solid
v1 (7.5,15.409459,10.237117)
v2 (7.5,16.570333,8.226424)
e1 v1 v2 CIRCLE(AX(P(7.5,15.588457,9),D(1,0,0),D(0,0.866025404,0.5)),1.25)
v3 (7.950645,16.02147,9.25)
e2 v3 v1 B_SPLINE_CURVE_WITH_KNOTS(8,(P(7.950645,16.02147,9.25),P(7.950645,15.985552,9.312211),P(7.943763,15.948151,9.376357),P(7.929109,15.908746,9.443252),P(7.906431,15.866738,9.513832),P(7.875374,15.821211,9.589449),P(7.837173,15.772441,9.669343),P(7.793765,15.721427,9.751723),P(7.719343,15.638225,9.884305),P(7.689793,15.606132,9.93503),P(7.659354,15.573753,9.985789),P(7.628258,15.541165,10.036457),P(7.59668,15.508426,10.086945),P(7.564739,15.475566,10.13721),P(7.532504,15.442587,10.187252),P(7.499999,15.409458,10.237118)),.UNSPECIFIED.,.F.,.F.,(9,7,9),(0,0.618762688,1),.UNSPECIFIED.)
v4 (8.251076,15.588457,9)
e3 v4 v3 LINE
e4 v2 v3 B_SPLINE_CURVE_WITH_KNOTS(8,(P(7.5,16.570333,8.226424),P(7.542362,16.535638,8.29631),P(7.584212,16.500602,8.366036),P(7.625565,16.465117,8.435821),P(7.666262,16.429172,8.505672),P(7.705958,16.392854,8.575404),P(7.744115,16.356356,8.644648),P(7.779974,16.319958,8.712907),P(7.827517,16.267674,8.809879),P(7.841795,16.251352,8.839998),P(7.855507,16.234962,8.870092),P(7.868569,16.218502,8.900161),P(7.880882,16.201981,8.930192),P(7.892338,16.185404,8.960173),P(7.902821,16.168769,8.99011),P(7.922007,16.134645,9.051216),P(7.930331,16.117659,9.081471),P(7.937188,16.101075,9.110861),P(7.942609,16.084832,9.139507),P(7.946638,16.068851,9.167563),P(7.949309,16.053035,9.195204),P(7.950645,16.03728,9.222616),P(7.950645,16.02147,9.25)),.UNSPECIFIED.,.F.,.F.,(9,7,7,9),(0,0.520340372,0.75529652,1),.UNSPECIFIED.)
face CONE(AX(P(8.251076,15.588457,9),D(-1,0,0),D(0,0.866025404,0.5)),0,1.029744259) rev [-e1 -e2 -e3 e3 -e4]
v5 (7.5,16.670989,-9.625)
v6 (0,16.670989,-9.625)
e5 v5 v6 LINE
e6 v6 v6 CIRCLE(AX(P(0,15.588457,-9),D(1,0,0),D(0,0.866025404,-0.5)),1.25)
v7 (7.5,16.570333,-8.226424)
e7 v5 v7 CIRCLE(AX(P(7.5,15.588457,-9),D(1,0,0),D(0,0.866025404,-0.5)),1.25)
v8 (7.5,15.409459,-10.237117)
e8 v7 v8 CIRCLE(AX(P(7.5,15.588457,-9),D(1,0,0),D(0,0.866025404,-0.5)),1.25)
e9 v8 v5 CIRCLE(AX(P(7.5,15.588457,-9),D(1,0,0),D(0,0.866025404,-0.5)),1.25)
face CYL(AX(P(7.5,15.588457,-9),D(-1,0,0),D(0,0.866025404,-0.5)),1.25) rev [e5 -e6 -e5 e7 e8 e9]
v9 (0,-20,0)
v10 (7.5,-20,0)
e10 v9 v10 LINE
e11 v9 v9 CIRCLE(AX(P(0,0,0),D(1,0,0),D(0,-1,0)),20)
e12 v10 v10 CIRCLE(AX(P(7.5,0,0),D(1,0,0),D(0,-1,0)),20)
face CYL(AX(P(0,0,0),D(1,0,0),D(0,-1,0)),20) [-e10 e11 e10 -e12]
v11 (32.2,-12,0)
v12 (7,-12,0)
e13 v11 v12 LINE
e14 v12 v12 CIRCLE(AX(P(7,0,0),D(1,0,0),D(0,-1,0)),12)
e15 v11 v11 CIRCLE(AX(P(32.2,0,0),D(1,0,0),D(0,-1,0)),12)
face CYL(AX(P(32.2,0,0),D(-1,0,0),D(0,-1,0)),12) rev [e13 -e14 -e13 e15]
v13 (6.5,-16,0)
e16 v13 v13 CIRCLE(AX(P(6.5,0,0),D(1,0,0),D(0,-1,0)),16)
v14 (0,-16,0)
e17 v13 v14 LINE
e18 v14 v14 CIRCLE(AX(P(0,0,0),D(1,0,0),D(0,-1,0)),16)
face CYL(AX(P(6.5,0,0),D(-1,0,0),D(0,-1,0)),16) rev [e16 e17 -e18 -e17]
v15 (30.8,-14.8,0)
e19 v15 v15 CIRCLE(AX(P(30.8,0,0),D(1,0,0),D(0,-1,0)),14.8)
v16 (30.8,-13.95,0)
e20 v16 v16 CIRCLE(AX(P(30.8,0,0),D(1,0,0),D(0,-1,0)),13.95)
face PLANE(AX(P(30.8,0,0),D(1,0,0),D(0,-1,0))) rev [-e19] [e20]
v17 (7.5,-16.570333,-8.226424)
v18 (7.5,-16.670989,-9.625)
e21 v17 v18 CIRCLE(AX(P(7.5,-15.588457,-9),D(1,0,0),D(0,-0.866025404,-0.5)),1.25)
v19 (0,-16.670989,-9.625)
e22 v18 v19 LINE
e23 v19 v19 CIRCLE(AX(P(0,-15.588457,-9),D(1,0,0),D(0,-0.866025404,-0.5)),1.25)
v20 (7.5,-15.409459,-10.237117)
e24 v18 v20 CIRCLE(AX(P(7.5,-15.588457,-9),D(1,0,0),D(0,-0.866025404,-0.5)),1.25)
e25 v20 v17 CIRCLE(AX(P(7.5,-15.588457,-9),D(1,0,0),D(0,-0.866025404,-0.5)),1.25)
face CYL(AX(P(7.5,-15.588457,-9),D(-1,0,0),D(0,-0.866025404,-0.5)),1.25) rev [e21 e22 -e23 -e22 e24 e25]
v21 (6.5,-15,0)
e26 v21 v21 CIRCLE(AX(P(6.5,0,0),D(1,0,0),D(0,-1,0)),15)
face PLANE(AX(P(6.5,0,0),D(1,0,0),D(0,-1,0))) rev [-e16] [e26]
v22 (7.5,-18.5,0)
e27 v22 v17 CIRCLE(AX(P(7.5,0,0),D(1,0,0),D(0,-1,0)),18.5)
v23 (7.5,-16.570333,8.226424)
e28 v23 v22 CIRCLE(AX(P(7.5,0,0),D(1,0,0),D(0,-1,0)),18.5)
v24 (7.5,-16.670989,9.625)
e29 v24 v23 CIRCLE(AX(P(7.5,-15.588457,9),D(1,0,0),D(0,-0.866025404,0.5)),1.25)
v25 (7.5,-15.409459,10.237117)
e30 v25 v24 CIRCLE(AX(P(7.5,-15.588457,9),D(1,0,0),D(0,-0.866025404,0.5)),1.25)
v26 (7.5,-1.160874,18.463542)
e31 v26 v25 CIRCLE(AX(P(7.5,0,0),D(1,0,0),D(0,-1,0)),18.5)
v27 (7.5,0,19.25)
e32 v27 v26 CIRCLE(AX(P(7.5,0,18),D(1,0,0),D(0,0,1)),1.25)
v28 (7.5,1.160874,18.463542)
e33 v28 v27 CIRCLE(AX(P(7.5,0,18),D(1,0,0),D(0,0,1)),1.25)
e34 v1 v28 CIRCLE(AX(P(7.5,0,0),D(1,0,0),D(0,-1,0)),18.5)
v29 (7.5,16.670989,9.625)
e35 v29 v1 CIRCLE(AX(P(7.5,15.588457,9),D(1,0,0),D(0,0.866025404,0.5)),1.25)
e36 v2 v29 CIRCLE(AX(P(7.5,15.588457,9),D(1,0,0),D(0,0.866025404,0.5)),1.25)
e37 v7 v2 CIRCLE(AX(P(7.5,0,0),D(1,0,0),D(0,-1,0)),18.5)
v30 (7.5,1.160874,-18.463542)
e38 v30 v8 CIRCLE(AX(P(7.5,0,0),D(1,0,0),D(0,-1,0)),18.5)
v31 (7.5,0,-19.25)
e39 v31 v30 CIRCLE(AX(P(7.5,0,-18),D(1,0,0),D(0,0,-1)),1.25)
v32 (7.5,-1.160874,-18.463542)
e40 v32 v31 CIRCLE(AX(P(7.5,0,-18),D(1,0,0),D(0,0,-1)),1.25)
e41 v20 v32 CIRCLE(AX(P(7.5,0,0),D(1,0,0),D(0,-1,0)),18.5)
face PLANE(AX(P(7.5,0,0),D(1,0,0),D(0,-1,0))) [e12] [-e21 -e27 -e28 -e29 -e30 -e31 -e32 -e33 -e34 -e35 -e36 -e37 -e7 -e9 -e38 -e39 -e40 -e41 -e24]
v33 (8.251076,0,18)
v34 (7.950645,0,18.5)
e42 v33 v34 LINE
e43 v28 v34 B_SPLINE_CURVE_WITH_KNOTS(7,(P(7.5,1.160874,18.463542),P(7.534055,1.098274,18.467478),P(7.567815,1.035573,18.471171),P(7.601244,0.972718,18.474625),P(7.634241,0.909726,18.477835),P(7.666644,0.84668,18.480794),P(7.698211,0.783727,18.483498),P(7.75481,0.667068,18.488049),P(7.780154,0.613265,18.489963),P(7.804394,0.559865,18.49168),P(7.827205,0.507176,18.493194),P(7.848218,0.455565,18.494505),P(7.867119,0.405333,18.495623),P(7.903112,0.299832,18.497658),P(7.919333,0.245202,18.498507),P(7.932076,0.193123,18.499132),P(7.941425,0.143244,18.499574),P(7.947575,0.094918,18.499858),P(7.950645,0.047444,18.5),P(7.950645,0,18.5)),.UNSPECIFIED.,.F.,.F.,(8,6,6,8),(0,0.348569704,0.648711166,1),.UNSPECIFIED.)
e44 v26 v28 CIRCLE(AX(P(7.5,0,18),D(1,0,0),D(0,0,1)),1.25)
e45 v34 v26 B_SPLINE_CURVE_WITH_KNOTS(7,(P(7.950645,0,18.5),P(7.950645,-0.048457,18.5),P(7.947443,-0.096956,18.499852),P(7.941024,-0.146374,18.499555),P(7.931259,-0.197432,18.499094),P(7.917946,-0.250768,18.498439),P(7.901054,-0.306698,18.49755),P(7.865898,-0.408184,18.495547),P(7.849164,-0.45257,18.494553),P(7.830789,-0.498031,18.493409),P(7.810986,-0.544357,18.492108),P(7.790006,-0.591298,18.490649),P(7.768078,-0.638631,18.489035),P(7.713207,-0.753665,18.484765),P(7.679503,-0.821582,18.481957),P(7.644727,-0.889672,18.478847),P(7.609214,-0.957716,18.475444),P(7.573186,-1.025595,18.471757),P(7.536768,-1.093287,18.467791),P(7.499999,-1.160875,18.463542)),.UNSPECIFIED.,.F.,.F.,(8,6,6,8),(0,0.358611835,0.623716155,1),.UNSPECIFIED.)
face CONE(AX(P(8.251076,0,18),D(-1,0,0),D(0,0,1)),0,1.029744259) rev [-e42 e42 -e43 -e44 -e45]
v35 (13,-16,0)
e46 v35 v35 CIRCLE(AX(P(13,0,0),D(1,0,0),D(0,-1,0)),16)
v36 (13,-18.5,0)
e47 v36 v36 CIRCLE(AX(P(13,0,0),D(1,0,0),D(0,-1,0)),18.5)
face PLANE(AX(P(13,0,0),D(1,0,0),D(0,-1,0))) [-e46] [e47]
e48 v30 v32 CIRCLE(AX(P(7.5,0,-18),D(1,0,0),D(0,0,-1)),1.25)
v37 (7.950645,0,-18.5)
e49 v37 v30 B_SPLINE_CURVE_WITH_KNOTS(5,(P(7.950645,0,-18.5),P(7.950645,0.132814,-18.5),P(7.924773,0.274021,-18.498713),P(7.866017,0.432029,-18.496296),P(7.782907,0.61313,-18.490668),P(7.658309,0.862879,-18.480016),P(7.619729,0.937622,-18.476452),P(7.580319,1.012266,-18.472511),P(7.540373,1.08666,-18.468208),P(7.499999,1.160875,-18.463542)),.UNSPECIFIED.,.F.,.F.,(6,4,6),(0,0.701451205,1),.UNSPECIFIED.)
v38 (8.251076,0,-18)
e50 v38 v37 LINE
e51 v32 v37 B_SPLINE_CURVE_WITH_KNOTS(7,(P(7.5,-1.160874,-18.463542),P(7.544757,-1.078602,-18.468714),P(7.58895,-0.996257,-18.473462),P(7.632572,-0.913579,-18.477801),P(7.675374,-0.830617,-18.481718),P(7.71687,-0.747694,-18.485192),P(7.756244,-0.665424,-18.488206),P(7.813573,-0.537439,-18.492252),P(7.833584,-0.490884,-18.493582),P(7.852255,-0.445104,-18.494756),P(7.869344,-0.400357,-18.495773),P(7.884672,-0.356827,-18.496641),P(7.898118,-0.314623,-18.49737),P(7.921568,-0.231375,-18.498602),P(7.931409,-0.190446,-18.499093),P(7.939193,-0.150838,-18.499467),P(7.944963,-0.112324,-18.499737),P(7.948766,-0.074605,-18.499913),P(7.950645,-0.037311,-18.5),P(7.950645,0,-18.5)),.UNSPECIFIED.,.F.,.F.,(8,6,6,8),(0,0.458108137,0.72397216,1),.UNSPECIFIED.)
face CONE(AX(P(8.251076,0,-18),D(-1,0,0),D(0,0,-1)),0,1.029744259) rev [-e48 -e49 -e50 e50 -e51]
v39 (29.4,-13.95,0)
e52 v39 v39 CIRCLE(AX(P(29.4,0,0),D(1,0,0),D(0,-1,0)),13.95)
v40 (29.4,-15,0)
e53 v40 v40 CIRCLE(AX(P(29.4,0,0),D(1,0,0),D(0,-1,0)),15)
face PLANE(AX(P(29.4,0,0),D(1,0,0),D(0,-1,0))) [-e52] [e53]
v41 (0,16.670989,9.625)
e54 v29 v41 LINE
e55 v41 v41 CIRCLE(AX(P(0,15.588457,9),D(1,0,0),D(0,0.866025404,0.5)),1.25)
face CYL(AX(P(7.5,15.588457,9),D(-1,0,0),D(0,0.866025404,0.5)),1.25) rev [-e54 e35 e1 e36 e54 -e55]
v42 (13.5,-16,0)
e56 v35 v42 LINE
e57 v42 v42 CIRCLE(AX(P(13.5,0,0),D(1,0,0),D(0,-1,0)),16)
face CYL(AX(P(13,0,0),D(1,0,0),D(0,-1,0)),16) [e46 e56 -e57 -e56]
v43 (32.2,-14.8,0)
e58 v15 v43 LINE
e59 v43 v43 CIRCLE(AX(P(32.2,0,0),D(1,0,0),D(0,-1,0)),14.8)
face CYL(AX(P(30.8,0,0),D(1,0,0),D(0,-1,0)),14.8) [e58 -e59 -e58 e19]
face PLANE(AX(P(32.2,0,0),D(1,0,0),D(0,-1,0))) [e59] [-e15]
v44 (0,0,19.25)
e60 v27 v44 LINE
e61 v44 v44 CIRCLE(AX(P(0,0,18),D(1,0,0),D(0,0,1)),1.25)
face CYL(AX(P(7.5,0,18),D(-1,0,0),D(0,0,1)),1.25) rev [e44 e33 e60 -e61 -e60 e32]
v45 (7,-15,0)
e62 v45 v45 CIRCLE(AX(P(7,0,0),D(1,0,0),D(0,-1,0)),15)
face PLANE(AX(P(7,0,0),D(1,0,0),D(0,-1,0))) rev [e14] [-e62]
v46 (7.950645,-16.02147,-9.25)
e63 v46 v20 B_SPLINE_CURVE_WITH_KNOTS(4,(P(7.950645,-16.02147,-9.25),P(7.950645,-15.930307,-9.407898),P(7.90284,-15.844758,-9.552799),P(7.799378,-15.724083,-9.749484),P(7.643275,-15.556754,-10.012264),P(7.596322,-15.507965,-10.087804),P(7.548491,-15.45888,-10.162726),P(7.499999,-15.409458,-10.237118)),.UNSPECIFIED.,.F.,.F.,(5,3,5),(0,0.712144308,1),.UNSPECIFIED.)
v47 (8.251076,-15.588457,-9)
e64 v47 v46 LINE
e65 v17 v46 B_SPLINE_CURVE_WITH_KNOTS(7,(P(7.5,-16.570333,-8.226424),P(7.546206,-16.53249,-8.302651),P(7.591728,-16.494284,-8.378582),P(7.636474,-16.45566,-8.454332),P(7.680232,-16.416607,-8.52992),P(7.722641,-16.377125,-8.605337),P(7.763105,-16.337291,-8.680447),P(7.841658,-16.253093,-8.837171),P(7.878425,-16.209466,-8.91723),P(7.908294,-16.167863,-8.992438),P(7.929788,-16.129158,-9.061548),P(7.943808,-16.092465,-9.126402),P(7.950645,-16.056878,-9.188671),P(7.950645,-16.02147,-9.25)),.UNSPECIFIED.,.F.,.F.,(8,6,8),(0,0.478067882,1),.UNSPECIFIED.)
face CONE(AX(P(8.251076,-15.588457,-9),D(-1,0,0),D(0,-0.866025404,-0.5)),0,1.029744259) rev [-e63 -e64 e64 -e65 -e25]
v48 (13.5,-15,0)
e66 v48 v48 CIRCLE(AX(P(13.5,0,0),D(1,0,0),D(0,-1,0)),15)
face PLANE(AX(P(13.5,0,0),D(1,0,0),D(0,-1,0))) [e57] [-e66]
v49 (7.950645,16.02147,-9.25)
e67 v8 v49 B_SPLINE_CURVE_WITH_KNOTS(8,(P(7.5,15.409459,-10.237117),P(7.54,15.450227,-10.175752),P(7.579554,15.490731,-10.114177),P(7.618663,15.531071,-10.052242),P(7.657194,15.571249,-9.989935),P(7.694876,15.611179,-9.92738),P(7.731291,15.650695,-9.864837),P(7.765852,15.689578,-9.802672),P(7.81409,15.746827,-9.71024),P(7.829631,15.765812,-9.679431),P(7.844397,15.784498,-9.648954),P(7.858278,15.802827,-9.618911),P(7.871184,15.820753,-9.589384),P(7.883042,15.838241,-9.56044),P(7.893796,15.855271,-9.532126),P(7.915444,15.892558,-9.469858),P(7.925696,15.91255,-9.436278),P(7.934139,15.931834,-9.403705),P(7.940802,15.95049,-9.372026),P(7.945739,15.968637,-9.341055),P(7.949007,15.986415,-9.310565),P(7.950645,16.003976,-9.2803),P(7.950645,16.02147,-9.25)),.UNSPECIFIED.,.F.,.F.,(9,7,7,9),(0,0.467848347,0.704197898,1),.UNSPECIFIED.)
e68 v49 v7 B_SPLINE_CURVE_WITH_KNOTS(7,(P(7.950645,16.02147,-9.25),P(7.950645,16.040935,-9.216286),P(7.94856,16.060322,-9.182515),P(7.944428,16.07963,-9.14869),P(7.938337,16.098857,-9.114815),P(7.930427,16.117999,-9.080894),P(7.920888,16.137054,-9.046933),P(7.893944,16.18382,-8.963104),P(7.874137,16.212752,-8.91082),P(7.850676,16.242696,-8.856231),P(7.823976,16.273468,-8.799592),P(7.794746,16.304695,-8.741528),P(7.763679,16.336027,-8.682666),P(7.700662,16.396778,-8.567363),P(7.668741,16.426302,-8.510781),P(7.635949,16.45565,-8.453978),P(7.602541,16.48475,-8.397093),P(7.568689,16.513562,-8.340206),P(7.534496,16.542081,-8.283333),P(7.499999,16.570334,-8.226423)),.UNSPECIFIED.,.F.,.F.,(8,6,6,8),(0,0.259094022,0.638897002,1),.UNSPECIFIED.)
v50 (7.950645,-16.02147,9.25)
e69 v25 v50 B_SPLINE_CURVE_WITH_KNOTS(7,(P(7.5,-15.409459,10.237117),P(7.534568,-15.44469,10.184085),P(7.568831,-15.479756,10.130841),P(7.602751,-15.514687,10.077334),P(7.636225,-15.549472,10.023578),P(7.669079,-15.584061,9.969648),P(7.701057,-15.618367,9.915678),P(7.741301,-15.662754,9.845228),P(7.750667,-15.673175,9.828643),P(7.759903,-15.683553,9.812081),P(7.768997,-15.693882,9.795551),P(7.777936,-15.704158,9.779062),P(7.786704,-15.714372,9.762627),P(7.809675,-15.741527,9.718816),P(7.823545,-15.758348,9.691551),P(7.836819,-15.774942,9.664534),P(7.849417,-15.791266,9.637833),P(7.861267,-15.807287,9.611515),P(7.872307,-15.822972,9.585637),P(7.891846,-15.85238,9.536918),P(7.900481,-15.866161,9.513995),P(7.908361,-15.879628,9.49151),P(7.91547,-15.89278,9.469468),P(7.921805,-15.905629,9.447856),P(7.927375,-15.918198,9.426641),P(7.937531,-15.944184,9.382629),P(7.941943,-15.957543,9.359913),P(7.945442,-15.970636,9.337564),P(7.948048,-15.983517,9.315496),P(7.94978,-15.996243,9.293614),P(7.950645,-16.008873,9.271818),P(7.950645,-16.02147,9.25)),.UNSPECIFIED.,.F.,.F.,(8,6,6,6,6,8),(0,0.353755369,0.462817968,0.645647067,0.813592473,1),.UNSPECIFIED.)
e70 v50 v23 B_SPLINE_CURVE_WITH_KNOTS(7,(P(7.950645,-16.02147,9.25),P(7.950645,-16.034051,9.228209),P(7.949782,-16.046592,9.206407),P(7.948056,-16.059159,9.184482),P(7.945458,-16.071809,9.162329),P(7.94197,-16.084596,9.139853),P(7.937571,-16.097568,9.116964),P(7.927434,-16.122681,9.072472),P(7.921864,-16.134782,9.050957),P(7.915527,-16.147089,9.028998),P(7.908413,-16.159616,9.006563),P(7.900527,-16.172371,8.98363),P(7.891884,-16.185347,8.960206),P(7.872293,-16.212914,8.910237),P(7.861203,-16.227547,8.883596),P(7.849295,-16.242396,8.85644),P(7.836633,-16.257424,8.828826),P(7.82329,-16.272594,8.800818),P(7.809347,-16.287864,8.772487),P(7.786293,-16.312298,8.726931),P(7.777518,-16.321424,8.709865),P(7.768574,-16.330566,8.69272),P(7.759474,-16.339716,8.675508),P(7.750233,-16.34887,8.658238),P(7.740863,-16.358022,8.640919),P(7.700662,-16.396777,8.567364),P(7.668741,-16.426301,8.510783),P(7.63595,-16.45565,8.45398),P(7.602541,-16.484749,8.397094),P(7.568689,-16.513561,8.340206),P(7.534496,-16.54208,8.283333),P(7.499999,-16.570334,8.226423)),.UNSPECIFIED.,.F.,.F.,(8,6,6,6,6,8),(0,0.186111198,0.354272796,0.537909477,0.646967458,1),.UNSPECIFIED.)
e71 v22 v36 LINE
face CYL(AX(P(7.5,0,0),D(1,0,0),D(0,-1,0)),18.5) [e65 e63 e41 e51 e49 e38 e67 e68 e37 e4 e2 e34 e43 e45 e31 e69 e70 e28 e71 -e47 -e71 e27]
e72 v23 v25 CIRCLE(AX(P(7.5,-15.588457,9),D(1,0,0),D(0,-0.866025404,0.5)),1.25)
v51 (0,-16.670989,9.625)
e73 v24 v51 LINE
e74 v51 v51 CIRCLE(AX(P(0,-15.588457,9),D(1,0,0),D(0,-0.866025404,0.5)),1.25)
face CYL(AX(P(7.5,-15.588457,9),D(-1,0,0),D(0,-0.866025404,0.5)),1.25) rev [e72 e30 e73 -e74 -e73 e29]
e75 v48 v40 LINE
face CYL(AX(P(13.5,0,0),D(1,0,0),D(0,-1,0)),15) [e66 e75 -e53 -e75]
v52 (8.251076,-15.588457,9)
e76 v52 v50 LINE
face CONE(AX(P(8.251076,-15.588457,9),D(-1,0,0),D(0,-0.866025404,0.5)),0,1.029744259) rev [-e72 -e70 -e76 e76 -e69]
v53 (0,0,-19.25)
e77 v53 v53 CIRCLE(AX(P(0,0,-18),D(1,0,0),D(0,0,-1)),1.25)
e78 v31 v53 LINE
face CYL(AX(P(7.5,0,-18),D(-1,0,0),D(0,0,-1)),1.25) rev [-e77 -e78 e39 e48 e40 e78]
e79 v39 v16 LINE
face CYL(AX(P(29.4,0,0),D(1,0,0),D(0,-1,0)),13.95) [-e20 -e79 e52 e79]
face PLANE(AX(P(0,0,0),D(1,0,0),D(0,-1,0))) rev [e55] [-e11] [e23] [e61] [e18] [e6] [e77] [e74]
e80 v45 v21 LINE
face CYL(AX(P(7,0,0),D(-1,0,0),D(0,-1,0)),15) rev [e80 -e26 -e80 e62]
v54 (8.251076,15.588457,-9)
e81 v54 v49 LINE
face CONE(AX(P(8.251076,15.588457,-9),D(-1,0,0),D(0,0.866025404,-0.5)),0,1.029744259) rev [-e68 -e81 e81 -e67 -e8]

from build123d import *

# Parameters (mm, degrees)
CIRPATTERN1_COUNT = 6


with BuildPart() as part:
    # Sketch1 → Revolve1 (revolve)
    with BuildSketch(Plane.XY, mode=Mode.PRIVATE) as revolve1_sk:
        Polygon((0, 16), (0, 20), (7.5, 20), (7.5, 18.5), (13, 18.5), (13, 16), (13.5, 16), (13.5, 15), (29.4, 15), (29.4, 13.95), (30.8, 13.95), (30.8, 14.8), (32.2, 14.8), (32.2, 12), (7, 12), (7, 15), (6.5, 15), (6.5, 16), align=None)
    revolve(revolve1_sk.sketch.rotate(Axis((-3.70841034, 0, 0), (1, 0, 0)), 180), axis=Axis((-3.70841034, 0, 0), (1, 0, 0)))

    # Sketch4 → M3 Tapped Hole1 (revolve, cut)
    with BuildSketch(Plane(origin=(0, 0, 18), x_dir=(0, 0, 1), z_dir=(0, 1, 0))):
        Polygon((0, 0), (0, 8.251075774), (1.25, 7.5), (1.25, 0), align=None)
    m3_tapped_hole1 = revolve(axis=Axis((-6.35, 0, 18), (1, 0, 0)), mode=Mode.SUBTRACT)

    # CirPattern1: M3 Tapped Hole1 ×6 about axis
    cirpattern1_axis = Axis((0, 0, 0), (1, 0, 0))
    for i in range(1, CIRPATTERN1_COUNT):
        add(m3_tapped_hole1.rotate(cirpattern1_axis, i * 360 / CIRPATTERN1_COUNT), mode=Mode.SUBTRACT)


solid = part.part
